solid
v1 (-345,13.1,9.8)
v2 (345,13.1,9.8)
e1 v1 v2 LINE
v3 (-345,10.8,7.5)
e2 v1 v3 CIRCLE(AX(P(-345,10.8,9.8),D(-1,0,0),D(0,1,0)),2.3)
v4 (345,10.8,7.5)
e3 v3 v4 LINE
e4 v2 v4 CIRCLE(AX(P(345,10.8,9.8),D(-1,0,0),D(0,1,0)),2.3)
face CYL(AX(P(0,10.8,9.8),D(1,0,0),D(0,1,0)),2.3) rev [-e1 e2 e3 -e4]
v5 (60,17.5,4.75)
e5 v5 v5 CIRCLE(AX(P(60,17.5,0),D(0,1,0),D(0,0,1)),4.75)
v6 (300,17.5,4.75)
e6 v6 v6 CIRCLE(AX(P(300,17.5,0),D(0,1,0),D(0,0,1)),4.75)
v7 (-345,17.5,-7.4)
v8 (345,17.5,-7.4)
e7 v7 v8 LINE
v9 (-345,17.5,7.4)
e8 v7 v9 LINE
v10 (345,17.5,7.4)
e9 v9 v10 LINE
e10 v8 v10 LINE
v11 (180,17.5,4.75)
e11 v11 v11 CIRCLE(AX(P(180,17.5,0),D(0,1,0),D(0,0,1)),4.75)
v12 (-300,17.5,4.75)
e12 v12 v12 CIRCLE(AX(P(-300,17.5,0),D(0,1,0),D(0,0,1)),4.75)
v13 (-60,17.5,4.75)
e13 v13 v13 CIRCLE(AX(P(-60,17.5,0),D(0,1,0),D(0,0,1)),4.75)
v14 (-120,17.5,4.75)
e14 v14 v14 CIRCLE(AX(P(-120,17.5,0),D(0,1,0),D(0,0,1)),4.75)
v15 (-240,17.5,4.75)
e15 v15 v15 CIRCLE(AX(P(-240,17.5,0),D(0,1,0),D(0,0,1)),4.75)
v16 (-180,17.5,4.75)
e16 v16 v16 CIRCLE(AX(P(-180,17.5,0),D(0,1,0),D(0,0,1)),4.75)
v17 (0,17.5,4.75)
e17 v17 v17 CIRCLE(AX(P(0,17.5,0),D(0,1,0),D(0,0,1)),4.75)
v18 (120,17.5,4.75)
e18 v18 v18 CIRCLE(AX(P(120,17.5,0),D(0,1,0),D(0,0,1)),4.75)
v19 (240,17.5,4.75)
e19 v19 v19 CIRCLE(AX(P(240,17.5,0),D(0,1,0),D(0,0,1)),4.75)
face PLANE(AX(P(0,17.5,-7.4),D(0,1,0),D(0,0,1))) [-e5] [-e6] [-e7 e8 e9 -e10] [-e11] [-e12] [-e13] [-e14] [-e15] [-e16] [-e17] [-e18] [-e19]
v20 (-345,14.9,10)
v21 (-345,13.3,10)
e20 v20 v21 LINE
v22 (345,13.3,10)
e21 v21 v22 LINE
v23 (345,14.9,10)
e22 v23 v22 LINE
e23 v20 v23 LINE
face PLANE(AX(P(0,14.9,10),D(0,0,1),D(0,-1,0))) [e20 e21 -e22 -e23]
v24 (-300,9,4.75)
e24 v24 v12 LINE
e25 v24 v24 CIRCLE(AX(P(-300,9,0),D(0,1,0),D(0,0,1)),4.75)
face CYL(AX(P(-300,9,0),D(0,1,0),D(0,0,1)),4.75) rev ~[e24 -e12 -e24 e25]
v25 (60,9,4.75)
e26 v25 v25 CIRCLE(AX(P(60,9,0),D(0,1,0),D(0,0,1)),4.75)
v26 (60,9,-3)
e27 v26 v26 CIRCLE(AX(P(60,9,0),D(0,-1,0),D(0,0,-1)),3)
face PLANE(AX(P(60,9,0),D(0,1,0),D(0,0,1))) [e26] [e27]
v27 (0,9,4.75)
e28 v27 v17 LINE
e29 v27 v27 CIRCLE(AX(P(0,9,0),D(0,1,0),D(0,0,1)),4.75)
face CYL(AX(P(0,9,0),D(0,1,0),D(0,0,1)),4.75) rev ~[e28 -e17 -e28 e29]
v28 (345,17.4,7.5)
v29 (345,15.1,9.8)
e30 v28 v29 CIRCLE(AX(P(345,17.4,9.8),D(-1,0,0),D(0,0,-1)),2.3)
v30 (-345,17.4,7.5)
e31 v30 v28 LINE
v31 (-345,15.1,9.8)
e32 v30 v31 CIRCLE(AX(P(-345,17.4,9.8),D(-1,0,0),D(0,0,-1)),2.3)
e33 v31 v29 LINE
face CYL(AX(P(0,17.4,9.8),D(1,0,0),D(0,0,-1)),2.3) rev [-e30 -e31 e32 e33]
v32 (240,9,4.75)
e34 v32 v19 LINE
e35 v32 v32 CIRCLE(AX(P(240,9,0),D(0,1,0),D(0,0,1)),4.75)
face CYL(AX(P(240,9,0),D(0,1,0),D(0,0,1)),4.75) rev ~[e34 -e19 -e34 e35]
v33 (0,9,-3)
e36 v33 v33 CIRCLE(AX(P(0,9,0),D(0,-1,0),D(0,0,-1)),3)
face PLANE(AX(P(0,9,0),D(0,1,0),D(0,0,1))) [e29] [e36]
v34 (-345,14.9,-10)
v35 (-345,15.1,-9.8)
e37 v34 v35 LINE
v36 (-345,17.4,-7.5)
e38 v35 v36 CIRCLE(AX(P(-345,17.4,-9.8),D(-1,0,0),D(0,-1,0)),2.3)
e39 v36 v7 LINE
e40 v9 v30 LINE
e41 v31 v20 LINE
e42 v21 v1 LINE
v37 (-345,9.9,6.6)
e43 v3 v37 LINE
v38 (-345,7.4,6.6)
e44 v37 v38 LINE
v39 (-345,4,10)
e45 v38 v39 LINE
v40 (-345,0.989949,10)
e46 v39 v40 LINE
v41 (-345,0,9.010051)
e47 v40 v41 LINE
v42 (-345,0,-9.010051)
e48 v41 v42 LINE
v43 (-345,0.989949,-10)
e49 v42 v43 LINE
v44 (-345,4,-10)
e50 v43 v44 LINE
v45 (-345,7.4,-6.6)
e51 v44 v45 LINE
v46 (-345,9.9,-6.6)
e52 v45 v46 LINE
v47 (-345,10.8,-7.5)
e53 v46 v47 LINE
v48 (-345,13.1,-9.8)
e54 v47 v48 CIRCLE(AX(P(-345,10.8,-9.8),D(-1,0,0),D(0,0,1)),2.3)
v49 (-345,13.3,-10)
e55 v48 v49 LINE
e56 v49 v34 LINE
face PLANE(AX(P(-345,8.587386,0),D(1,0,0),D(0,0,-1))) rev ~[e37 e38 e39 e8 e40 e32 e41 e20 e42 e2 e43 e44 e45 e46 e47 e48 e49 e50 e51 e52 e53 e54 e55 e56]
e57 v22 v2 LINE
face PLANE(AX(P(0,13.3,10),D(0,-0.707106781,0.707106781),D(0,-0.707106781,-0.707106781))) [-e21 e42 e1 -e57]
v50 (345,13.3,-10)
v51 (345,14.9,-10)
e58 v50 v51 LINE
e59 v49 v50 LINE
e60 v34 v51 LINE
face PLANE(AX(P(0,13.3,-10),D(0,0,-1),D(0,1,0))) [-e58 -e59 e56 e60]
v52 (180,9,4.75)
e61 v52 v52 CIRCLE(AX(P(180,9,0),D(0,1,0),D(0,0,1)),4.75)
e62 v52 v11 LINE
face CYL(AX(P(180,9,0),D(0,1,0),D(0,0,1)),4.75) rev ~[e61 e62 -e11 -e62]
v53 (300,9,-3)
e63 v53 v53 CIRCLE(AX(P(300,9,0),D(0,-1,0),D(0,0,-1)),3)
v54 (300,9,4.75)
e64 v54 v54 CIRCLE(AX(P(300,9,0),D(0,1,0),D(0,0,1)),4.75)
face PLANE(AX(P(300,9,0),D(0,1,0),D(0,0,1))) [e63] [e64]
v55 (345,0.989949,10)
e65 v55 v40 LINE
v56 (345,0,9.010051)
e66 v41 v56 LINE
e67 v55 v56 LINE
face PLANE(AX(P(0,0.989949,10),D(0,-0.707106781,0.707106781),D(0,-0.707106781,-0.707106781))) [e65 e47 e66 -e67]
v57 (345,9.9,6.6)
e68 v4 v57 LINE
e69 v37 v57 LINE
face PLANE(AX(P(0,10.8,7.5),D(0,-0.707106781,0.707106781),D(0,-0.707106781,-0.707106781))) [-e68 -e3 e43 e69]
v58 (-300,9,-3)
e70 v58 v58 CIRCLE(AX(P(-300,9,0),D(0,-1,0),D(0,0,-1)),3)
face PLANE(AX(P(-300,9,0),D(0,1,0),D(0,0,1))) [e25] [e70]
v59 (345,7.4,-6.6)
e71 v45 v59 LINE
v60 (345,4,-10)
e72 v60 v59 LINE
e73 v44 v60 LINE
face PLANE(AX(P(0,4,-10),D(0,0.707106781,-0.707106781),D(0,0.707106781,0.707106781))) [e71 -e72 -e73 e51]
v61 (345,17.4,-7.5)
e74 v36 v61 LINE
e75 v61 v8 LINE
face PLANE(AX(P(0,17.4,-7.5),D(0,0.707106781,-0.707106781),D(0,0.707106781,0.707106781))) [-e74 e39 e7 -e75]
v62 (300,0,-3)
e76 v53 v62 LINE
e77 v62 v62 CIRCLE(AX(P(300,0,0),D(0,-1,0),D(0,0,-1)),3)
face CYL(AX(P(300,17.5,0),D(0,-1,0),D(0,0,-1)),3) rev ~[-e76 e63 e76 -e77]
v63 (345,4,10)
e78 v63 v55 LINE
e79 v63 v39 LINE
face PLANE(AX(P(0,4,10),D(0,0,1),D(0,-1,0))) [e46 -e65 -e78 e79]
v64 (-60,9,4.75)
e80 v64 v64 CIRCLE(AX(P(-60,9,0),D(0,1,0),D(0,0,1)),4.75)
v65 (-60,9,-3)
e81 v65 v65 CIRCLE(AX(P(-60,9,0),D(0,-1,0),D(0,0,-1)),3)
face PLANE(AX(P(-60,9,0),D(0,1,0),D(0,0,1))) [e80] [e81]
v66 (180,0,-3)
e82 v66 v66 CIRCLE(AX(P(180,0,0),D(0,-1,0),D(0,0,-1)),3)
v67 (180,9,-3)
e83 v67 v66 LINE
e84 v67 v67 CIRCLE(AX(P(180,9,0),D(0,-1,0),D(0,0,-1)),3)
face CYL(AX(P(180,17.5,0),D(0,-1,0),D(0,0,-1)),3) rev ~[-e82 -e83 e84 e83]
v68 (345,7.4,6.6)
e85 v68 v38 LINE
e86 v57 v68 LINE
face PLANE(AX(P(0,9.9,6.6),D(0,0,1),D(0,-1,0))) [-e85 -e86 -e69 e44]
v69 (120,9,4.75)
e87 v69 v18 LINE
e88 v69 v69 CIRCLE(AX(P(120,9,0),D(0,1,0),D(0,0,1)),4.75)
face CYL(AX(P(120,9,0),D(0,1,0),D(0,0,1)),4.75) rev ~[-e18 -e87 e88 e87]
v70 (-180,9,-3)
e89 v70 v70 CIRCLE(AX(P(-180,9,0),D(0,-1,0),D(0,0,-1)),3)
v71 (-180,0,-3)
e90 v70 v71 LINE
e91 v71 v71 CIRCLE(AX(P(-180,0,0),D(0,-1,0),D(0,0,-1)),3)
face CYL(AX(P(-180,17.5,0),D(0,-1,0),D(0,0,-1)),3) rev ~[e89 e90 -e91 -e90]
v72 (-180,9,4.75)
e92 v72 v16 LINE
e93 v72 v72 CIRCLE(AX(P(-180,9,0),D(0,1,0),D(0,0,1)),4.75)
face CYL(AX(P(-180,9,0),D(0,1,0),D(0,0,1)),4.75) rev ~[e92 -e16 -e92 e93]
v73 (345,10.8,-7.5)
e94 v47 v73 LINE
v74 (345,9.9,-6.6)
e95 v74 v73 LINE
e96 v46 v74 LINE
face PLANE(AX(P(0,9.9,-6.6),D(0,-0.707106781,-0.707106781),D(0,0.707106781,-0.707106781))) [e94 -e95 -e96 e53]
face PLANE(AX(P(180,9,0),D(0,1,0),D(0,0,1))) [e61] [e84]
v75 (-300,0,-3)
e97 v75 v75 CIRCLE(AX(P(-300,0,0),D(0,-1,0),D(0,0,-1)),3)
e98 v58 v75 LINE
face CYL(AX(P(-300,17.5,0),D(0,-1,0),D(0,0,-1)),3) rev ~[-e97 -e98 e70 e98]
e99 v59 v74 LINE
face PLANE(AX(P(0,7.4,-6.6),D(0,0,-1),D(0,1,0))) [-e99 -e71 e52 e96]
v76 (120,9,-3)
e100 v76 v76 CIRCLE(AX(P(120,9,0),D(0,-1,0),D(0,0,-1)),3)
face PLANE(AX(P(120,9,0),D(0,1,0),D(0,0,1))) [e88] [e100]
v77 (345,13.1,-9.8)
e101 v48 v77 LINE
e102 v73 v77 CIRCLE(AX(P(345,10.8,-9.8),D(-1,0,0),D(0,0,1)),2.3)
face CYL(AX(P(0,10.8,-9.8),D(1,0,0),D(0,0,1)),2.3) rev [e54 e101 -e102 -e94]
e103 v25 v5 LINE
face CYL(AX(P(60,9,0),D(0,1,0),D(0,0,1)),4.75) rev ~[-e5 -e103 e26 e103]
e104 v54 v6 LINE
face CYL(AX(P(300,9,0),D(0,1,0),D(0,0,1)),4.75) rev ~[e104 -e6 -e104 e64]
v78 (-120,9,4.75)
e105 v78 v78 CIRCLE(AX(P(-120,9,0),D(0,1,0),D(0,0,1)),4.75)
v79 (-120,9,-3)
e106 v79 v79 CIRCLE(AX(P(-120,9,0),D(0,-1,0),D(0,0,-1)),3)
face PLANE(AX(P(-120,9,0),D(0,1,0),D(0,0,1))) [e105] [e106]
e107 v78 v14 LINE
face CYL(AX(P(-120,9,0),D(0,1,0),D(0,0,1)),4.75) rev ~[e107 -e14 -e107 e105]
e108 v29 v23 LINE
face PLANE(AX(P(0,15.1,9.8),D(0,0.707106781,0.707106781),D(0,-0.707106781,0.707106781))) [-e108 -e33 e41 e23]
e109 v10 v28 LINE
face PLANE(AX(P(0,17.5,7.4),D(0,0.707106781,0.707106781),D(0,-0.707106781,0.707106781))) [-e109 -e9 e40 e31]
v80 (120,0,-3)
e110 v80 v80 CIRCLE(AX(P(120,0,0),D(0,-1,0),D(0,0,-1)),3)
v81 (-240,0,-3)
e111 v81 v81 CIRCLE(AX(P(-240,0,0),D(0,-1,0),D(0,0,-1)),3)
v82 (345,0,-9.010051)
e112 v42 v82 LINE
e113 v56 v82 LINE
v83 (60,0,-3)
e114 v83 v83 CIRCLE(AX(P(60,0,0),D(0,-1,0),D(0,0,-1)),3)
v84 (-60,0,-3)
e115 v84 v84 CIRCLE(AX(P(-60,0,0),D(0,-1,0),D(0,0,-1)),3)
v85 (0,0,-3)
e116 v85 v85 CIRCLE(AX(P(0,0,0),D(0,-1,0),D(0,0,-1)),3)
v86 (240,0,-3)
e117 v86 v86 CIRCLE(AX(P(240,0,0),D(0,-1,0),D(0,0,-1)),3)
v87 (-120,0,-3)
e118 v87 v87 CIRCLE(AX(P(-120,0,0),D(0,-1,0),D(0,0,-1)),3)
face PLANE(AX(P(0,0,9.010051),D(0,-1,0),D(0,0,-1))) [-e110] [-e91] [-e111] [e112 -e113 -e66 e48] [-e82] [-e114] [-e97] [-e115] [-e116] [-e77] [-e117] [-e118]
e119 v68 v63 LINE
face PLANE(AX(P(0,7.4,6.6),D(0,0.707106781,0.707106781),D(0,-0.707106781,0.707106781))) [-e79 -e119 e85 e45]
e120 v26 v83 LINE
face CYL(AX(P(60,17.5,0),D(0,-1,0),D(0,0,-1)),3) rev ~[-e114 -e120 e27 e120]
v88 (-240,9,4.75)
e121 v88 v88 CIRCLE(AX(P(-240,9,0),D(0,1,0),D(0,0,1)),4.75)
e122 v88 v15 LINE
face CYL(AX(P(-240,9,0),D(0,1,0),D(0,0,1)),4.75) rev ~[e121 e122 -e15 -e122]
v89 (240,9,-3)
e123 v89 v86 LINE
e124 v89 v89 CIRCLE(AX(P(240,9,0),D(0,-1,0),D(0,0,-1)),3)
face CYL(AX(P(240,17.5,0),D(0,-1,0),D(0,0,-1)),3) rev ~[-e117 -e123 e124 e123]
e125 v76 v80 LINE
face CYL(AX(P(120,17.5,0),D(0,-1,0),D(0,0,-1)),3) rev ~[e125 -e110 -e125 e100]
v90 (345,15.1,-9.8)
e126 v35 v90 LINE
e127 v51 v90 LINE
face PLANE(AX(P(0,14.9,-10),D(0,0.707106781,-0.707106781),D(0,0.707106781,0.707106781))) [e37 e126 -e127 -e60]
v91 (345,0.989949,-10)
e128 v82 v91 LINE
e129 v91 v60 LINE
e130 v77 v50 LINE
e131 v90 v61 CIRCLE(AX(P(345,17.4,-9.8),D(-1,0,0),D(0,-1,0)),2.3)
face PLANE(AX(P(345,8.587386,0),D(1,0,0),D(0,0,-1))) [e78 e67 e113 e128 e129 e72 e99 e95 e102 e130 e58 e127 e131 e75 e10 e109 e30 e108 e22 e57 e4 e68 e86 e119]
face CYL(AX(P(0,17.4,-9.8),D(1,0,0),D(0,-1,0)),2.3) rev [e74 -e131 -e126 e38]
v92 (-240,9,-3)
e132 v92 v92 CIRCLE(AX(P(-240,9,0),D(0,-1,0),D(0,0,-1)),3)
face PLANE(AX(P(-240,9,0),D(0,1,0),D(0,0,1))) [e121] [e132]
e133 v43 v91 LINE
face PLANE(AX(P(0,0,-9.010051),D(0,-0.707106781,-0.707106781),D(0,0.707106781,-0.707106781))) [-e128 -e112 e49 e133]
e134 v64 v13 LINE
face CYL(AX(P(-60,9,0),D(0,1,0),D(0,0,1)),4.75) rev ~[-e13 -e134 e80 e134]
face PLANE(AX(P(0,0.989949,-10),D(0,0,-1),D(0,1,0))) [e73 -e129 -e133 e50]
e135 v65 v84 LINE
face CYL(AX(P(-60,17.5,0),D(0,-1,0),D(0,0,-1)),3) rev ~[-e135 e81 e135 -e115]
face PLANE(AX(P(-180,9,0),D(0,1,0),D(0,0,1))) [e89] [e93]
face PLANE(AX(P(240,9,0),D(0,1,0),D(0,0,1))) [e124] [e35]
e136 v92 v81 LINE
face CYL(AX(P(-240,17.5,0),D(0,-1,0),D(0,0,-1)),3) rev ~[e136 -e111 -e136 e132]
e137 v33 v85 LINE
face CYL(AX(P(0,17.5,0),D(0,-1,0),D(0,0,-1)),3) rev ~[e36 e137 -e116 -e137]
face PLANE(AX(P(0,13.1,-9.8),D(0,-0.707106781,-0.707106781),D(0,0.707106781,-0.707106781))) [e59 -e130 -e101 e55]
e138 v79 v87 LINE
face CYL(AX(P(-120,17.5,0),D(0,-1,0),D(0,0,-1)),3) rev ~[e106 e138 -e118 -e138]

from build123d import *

# Parameters (mm, degrees)
EXTRUDE_1_DEPTH                  = 345
HOLE_WIZARD_M6_78051_D           = 6
HOLE_WIZARD_M6_78051_CBORE_D     = 9.5
HOLE_WIZARD_M6_78051_CBORE_DEPTH = 8.5
PATTERN_LINEAR_1_COUNT           = 6
PATTERN_LINEAR_1_PITCH           = 60
PATTERN_LINEAR_2_COUNT           = 6
PATTERN_LINEAR_2_PITCH           = 60


with BuildPart() as part:
    # Эскиз1 → Бобышка-Вытянуть1 (new, symmetric)
    with BuildSketch(Plane(origin=(0, 0, 0), x_dir=(0, 0, -1), z_dir=(1, 0, 0))):
        with BuildLine():
            Line((-10, 0.989949494), (-9.010050506, 0))
            Line((-9.010050506, 0), (9.010050506, 0))
            Line((9.010050506, 0), (10, 0.989949494))
            Line((10, 0.989949494), (10, 4))
            Line((10, 4), (6.6, 7.4))
            Line((6.6, 7.4), (6.6, 9.9))
            Line((6.6, 9.9), (7.5, 10.8))
            ThreePointArc((7.5, 10.8), (8.173654403, 12.426345597), (9.8, 13.1))
            Line((9.8, 13.1), (10, 13.3))
            Line((10, 13.3), (10, 14.9))
            Line((10, 14.9), (9.8, 15.1))
            ThreePointArc((9.8, 15.1), (8.173654403, 15.773654403), (7.5, 17.4))
            Line((7.5, 17.4), (7.4, 17.5))
            Line((7.4, 17.5), (-7.4, 17.5))
            Line((-7.4, 17.5), (-7.5, 17.4))
            ThreePointArc((-7.5, 17.4), (-8.173654403, 15.773654403), (-9.8, 15.1))
            Line((-9.8, 15.1), (-10, 14.9))
            Line((-10, 14.9), (-10, 13.3))
            Line((-10, 13.3), (-9.8, 13.1))
            ThreePointArc((-9.8, 13.1), (-8.173654403, 12.426345597), (-7.5, 10.8))
            Line((-7.5, 10.8), (-6.6, 9.9))
            Line((-6.6, 9.9), (-6.6, 7.4))
            Line((-6.6, 7.4), (-10, 4))
            Line((-10, 4), (-10, 0.989949494))
        make_face()
    extrude(amount=EXTRUDE_1_DEPTH, both=True)

    # Цековка M6 для болта с шестигранной головкой класса А ГОСТ 78051 (through all)
    with Locations(Plane.ZX.offset(17.5)):
        with Locations((0, 0)):
            hole_wizard_m6_78051 = CounterBoreHole(HOLE_WIZARD_M6_78051_D / 2, HOLE_WIZARD_M6_78051_CBORE_D / 2, HOLE_WIZARD_M6_78051_CBORE_DEPTH)

    # Линейный массив1: Цековка M6 для болта с шестигранной головкой класса А ГОСТ 78051 ×6
    with Locations(*[(i * PATTERN_LINEAR_1_PITCH, 0, 0) for i in range(1, PATTERN_LINEAR_1_COUNT)]):
        add(hole_wizard_m6_78051, mode=Mode.SUBTRACT)

    # Линейный массив2: Цековка M6 для болта с шестигранной головкой класса А ГОСТ 78051 ×6
    with Locations(*[(-i * PATTERN_LINEAR_2_PITCH, 0, 0) for i in range(1, PATTERN_LINEAR_2_COUNT)]):
        add(hole_wizard_m6_78051, mode=Mode.SUBTRACT)


solid = part.part
